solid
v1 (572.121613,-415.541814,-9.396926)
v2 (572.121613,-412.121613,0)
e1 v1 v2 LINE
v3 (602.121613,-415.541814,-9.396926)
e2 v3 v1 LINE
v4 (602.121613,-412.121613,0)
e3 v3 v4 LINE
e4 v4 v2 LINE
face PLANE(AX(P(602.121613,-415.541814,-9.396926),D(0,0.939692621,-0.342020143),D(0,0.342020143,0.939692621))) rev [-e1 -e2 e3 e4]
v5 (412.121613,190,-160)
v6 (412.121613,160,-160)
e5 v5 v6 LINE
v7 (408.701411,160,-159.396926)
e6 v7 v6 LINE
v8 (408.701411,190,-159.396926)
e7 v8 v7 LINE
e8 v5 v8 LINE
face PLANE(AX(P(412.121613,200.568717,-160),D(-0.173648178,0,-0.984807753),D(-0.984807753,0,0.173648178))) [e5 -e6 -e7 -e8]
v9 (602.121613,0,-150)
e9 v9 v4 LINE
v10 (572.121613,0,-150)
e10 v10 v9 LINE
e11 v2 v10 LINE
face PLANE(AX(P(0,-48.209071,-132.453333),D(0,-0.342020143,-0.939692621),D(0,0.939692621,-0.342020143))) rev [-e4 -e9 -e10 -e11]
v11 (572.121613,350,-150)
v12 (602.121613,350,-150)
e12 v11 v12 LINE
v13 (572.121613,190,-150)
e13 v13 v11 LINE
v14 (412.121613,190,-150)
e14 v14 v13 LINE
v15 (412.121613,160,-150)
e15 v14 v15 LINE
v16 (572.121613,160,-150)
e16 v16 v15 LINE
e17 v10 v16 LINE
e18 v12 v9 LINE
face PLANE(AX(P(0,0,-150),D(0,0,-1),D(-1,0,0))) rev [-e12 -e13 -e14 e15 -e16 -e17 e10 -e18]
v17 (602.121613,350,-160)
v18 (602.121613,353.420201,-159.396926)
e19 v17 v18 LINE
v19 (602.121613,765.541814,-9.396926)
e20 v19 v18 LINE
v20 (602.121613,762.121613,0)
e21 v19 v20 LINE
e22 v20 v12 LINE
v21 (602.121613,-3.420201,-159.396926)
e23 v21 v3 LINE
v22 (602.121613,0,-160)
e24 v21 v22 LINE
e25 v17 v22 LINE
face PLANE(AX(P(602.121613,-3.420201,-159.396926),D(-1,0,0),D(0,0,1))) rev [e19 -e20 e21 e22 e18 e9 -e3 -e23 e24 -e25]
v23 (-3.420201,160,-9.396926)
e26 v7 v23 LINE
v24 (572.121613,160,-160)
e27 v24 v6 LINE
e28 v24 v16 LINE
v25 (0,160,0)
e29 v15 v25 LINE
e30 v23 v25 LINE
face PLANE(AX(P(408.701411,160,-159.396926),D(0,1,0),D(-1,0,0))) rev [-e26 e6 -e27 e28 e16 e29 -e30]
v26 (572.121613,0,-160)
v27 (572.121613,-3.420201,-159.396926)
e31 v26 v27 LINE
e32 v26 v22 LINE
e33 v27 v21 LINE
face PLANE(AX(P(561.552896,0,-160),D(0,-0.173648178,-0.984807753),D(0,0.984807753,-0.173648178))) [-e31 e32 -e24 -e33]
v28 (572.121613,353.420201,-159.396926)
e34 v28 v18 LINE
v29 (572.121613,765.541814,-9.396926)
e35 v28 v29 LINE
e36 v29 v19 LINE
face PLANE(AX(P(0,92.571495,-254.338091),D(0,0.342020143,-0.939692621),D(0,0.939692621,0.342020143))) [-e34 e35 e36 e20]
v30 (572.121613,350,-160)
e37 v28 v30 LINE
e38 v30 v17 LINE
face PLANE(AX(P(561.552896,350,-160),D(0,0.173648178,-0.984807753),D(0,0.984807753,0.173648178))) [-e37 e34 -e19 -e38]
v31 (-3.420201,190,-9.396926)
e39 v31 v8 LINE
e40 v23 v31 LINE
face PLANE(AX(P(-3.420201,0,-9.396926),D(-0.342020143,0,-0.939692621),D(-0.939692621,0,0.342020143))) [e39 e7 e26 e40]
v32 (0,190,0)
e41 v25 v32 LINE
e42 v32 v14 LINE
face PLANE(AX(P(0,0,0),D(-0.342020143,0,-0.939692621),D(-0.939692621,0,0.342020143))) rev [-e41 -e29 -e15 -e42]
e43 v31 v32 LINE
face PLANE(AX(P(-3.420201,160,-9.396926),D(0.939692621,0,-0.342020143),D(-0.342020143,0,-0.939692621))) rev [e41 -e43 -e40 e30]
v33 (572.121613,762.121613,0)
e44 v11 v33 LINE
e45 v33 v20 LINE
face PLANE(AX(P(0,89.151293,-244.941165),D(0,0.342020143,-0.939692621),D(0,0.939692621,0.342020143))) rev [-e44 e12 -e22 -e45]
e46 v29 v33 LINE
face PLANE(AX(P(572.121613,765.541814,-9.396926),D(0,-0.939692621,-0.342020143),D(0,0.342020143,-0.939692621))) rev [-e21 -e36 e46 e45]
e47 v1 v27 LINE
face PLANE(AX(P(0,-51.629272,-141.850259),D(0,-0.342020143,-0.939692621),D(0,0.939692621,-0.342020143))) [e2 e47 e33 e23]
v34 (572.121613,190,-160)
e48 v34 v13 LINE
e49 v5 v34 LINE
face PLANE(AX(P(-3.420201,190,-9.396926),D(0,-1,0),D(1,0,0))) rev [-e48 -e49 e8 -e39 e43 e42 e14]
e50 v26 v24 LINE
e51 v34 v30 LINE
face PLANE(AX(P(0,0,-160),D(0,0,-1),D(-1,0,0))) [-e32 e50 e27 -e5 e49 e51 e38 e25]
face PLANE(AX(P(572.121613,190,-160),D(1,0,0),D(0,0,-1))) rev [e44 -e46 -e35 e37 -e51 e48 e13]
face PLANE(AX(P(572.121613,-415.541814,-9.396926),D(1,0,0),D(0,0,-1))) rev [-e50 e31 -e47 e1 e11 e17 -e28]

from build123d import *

# Parameters (mm, degrees)
BOSS_EXTRUDE1_DEPTH  = 350
SKETCH2_W            = 150
SKETCH2_H            = 350
BOSS_EXTRUDE2_DEPTH  = 350
BOSS_EXTRUDE3_DEPTH  = 350
BOSS_EXTRUDE4_DEPTH  = 350
SKETCH6_W            = 438.570660024
SKETCH6_H            = 30
CUT_EXTRUDE1_DEPTH   = 10
CUT_EXTRUDE2_DEPTH   = 10
SKETCH8_W            = 30
SKETCH8_H            = 438.570660025
CUT_EXTRUDE3_DEPTH   = 10
SKETCH9_W            = 30
SKETCH9_H            = 438.570660025
CUT_EXTRUDE4_DEPTH   = 10
SKETCH12_W           = 438.570660024
SKETCH12_H           = 30
BOSS_EXTRUDE5_DEPTH  = 10
BOSS_EXTRUDE6_DEPTH  = 10
SKETCH14_W           = 30
SKETCH14_H           = 438.570660025
BOSS_EXTRUDE7_DEPTH  = 10
SKETCH15_W           = 30
SKETCH15_H           = 438.570660025
BOSS_EXTRUDE8_DEPTH  = 10
BOSS_EXTRUDE10_DEPTH = 30
BOSS_EXTRUDE11_DEPTH = 30
BOSS_EXTRUDE12_DEPTH = 30
SKETCH20_W           = 438.570660024
SKETCH20_H           = 160
CUT_EXTRUDE5_DEPTH   = 1000
SKETCH21_W           = 438.570660024
SKETCH21_H           = 160
CUT_EXTRUDE6_DEPTH   = 1000
SKETCH22_W           = 160
SKETCH22_H           = 160
CUT_EXTRUDE7_DEPTH   = 1000
SKETCH23_W           = 160
SKETCH23_H           = 160
CUT_EXTRUDE8_DEPTH   = 1000
SKETCH24_W           = 160
SKETCH24_H           = 438.570660025
CUT_EXTRUDE9_DEPTH   = 1000
SKETCH25_W           = 160
SKETCH25_H           = 438.570660025
CUT_EXTRUDE10_DEPTH  = 1000
SKETCH26_W           = 160
SKETCH26_H           = 350
CUT_EXTRUDE11_DEPTH  = 1000
SKETCH27_W           = 160
SKETCH27_H           = 438.570660025
CUT_EXTRUDE12_DEPTH  = 1000
SKETCH28_W           = 160
SKETCH28_H           = 438.570660025
CUT_EXTRUDE13_DEPTH  = 1000
CUT_EXTRUDE14_DEPTH  = 1000
CUT_EXTRUDE15_DEPTH  = 1000


with BuildPart() as part:
    # Sketch1 → Boss-Extrude1 (new body)
    with BuildSketch(Plane(origin=(0, 0, 0), x_dir=(1, 0, 0), z_dir=(0, 1, 0))):
        Polygon((0, 0), (412.121612918, 0), (412.121612918, 150), align=None)
    extrude(amount=BOSS_EXTRUDE1_DEPTH)

    # Sketch2 → Boss-Extrude2 (add)
    with BuildSketch(Plane(origin=(412.121612918, 0, 0), x_dir=(0, 0, -1), z_dir=(1, 0, 0))):
        with Locations((75, 175)):
            Rectangle(SKETCH2_W, SKETCH2_H)
    extrude(amount=BOSS_EXTRUDE2_DEPTH)

    # Sketch4 → Boss-Extrude3 (add)
    with BuildSketch(Plane(origin=(762.121612918, 0, 0), x_dir=(0, 0, -1), z_dir=(1, 0, 0))):
        Polygon((0, 762.121612918), (150, 350), (0, 350), align=None)
    extrude(amount=-BOSS_EXTRUDE3_DEPTH)

    # Sketch5 → Boss-Extrude4 (add)
    with BuildSketch(Plane(origin=(762.121612918, 0, 0), x_dir=(0, 0, -1), z_dir=(1, 0, 0))):
        Polygon((0, 0), (0, -412.121612918), (150, 0), align=None)
    extrude(amount=-BOSS_EXTRUDE4_DEPTH)

    # Sketch6 → Cut-Extrude1 (cut)
    with BuildSketch(Plane(origin=(0, 0, 0), x_dir=(-0.9396926207859104, 0, 0.34202014332566316), z_dir=(-0.34202014332566316, 0, -0.9396926207859104))):
        with Locations((-219.285330012, 175)):
            Rectangle(SKETCH6_W, SKETCH6_H)
    extrude(amount=-CUT_EXTRUDE1_DEPTH, mode=Mode.SUBTRACT)

    # Sketch7 → Cut-Extrude2 (cut)
    with BuildSketch(Plane(origin=(0, 0, -150), x_dir=(-1, 0, 0), z_dir=(0, 0, -1))):
        Polygon((-412.121612918, 190), (-572.121612918, 190), (-572.121612918, 350), (-602.121612918, 350), (-602.121612918, 190), (-602.121612918, 164.900861359), (-602.121612918, 160), (-602.121612918, 0), (-572.121612918, 0), (-572.121612918, 160), (-412.121612918, 160), align=None)
    extrude(amount=-CUT_EXTRUDE2_DEPTH, mode=Mode.SUBTRACT)

    # Sketch8 → Cut-Extrude3 (cut)
    with BuildSketch(Plane(origin=(0, -48.209070726, -132.453333234), x_dir=(-1, 0, 0), z_dir=(0, -0.34202014332566283, -0.9396926207859106))):
        with Locations((-587.121612918, -167.982308514)):
            Rectangle(SKETCH8_W, SKETCH8_H)
    extrude(amount=-CUT_EXTRUDE3_DEPTH, mode=Mode.SUBTRACT)

    # Sketch9 → Cut-Extrude4 (cut)
    with BuildSketch(Plane(origin=(0, 89.151293181, -244.941164929), x_dir=(-1, 0, 0), z_dir=(0, 0.342020143325663, -0.9396926207859105))):
        with Locations((-587.121612918, 496.874725788)):
            Rectangle(SKETCH9_W, SKETCH9_H)
    extrude(amount=-CUT_EXTRUDE4_DEPTH, mode=Mode.SUBTRACT)

    # Sketch20 → Cut-Extrude5 (cut)
    with BuildSketch(Plane(origin=(0, 0, 0), x_dir=(-0.9396926207859104, 0, 0.34202014332566316), z_dir=(-0.34202014332566316, 0, -0.9396926207859104))):
        with Locations((-219.285330012, 80)):
            Rectangle(SKETCH20_W, SKETCH20_H)
    extrude(amount=-CUT_EXTRUDE5_DEPTH, mode=Mode.SUBTRACT)

    # Sketch21 → Cut-Extrude6 (cut)
    with BuildSketch(Plane(origin=(0, 0, 0), x_dir=(-0.9396926207859104, 0, 0.34202014332566316), z_dir=(-0.34202014332566316, 0, -0.9396926207859104))):
        with Locations((-219.285330012, 270)):
            Rectangle(SKETCH21_W, SKETCH21_H)
    extrude(amount=-CUT_EXTRUDE6_DEPTH, mode=Mode.SUBTRACT)

    # Sketch22 → Cut-Extrude7 (cut)
    with BuildSketch(Plane(origin=(0, 0, -150), x_dir=(-1, 0, 0), z_dir=(0, 0, -1))):
        with Locations((-492.121612918, 270)):
            Rectangle(SKETCH22_W, SKETCH22_H)
    extrude(amount=-CUT_EXTRUDE7_DEPTH, mode=Mode.SUBTRACT)

    # Sketch23 → Cut-Extrude8 (cut)
    with BuildSketch(Plane(origin=(0, 0, -150), x_dir=(-1, 0, 0), z_dir=(0, 0, -1))):
        with Locations((-492.121612918, 80)):
            Rectangle(SKETCH23_W, SKETCH23_H)
    extrude(amount=-CUT_EXTRUDE8_DEPTH, mode=Mode.SUBTRACT)

    # Sketch24 → Cut-Extrude9 (cut)
    with BuildSketch(Plane(origin=(0, -48.209070726, -132.453333234), x_dir=(-1, 0, 0), z_dir=(0, -0.34202014332566283, -0.9396926207859106))):
        with Locations((-492.121612918, -167.982308514)):
            Rectangle(SKETCH24_W, SKETCH24_H)
    extrude(amount=-CUT_EXTRUDE9_DEPTH, mode=Mode.SUBTRACT)

    # Sketch25 → Cut-Extrude10 (cut)
    with BuildSketch(Plane(origin=(0, -48.209070726, -132.453333234), x_dir=(-1, 0, 0), z_dir=(0, -0.34202014332566283, -0.9396926207859106))):
        with Locations((-682.121612918, -167.982308514)):
            Rectangle(SKETCH25_W, SKETCH25_H)
    extrude(amount=-CUT_EXTRUDE10_DEPTH, mode=Mode.SUBTRACT)

    # Sketch26 → Cut-Extrude11 (cut)
    with BuildSketch(Plane(origin=(0, 0, -150), x_dir=(-1, 0, 0), z_dir=(0, 0, -1))):
        with Locations((-682.121612918, 175)):
            Rectangle(SKETCH26_W, SKETCH26_H)
    extrude(amount=-CUT_EXTRUDE11_DEPTH, mode=Mode.SUBTRACT)

    # Sketch27 → Cut-Extrude12 (cut)
    with BuildSketch(Plane(origin=(0, 89.151293181, -244.941164929), x_dir=(-1, 0, 0), z_dir=(0, 0.342020143325663, -0.9396926207859105))):
        with Locations((-682.121612918, 496.874725788)):
            Rectangle(SKETCH27_W, SKETCH27_H)
    extrude(amount=-CUT_EXTRUDE12_DEPTH, mode=Mode.SUBTRACT)

    # Sketch28 → Cut-Extrude13 (cut)
    with BuildSketch(Plane(origin=(0, 89.151293181, -244.941164929), x_dir=(-1, 0, 0), z_dir=(0, 0.342020143325663, -0.9396926207859105))):
        with Locations((-492.121612918, 496.874725788)):
            Rectangle(SKETCH28_W, SKETCH28_H)
    extrude(amount=-CUT_EXTRUDE13_DEPTH, mode=Mode.SUBTRACT)

    # Sketch29 → Cut-Extrude14 (cut)
    with BuildSketch(Plane.XZ.offset(-160)):
        Polygon((572.121612918, 0), (29.238044002, 0), (413.884882725, -140), (572.121612918, -140), align=None)
    extrude(amount=-CUT_EXTRUDE14_DEPTH, mode=Mode.SUBTRACT)

    # Sketch30 → Cut-Extrude15 (cut)
    with BuildSketch(Plane.ZY.offset(-572.121612918)):
        Polygon((-140, 348.236730193), (-140, 1.763269807), (0, -382.883568917), (0, 732.883568917), align=None)
    extrude(amount=-CUT_EXTRUDE15_DEPTH, mode=Mode.SUBTRACT)


with BuildPart() as body_2:
    # Sketch12 → Boss-Extrude5 (new body)
    with BuildSketch(Plane(origin=(0, 0, 0), x_dir=(-0.9396926207859104, 0, 0.34202014332566316), z_dir=(-0.34202014332566316, 0, -0.9396926207859104))):
        with Locations((-219.285330012, 175)):
            Rectangle(SKETCH12_W, SKETCH12_H)
    extrude(amount=BOSS_EXTRUDE5_DEPTH)



with BuildPart() as body_3:
    # Sketch13 → Boss-Extrude6 (new body)
    with BuildSketch(Plane(origin=(0, 0, -150), x_dir=(-1, 0, 0), z_dir=(0, 0, -1))):
        Polygon((-572.121612918, 0), (-572.121612918, 160), (-412.121612918, 160), (-412.121612918, 190), (-572.121612918, 190), (-572.121612918, 350), (-602.121612918, 350), (-602.121612918, 0), align=None)
    extrude(amount=BOSS_EXTRUDE6_DEPTH)



with BuildPart() as body_4:
    # Sketch14 → Boss-Extrude7 (new body)
    with BuildSketch(Plane(origin=(0, -48.209070726, -132.453333234), x_dir=(-1, 0, 0), z_dir=(0, -0.34202014332566283, -0.9396926207859106))):
        with Locations((-587.121612918, -167.982308514)):
            Rectangle(SKETCH14_W, SKETCH14_H)
    extrude(amount=BOSS_EXTRUDE7_DEPTH)



with BuildPart() as body_5:
    # Sketch15 → Boss-Extrude8 (new body)
    with BuildSketch(Plane(origin=(0, 89.151293181, -244.941164929), x_dir=(-1, 0, 0), z_dir=(0, 0.342020143325663, -0.9396926207859105))):
        with Locations((-587.121612918, 496.874725788)):
            Rectangle(SKETCH15_W, SKETCH15_H)
    extrude(amount=BOSS_EXTRUDE8_DEPTH)


with BuildPart() as body_3_1:
    add(body_3.part)

    add(body_5.part)  # Boss-Extrude10 merges body 5
    # Sketch17 → Boss-Extrude10 (add)
    with BuildSketch(Plane(origin=(602.121612918, 0, 0), x_dir=(0, 0, -1), z_dir=(1, 0, 0))):
        Polygon((160, 350), (159.396926208, 353.420201433), (150, 350), align=None)
    extrude(amount=-BOSS_EXTRUDE10_DEPTH)


with BuildPart() as body_4_1:
    add(body_4.part)

    add(body_3_1.part)  # Boss-Extrude11 merges body 3
    # Sketch18 → Boss-Extrude11 (add)
    with BuildSketch(Plane(origin=(602.121612918, 0, 0), x_dir=(0, 0, -1), z_dir=(1, 0, 0))):
        Polygon((159.396926208, -3.420201433), (150, 0), (160, 0), align=None)
    extrude(amount=-BOSS_EXTRUDE11_DEPTH)


with BuildPart() as body_2_1:
    add(body_2.part)

    add(body_4_1.part)  # Boss-Extrude12 merges body 4
    # Sketch19 → Boss-Extrude12 (add)
    with BuildSketch(Plane.XZ.offset(-160)):
        Polygon((408.701411485, -159.396926208), (412.121612918, -150), (412.121612918, -160), align=None)
    extrude(amount=-BOSS_EXTRUDE12_DEPTH)


solid = body_2_1.part
